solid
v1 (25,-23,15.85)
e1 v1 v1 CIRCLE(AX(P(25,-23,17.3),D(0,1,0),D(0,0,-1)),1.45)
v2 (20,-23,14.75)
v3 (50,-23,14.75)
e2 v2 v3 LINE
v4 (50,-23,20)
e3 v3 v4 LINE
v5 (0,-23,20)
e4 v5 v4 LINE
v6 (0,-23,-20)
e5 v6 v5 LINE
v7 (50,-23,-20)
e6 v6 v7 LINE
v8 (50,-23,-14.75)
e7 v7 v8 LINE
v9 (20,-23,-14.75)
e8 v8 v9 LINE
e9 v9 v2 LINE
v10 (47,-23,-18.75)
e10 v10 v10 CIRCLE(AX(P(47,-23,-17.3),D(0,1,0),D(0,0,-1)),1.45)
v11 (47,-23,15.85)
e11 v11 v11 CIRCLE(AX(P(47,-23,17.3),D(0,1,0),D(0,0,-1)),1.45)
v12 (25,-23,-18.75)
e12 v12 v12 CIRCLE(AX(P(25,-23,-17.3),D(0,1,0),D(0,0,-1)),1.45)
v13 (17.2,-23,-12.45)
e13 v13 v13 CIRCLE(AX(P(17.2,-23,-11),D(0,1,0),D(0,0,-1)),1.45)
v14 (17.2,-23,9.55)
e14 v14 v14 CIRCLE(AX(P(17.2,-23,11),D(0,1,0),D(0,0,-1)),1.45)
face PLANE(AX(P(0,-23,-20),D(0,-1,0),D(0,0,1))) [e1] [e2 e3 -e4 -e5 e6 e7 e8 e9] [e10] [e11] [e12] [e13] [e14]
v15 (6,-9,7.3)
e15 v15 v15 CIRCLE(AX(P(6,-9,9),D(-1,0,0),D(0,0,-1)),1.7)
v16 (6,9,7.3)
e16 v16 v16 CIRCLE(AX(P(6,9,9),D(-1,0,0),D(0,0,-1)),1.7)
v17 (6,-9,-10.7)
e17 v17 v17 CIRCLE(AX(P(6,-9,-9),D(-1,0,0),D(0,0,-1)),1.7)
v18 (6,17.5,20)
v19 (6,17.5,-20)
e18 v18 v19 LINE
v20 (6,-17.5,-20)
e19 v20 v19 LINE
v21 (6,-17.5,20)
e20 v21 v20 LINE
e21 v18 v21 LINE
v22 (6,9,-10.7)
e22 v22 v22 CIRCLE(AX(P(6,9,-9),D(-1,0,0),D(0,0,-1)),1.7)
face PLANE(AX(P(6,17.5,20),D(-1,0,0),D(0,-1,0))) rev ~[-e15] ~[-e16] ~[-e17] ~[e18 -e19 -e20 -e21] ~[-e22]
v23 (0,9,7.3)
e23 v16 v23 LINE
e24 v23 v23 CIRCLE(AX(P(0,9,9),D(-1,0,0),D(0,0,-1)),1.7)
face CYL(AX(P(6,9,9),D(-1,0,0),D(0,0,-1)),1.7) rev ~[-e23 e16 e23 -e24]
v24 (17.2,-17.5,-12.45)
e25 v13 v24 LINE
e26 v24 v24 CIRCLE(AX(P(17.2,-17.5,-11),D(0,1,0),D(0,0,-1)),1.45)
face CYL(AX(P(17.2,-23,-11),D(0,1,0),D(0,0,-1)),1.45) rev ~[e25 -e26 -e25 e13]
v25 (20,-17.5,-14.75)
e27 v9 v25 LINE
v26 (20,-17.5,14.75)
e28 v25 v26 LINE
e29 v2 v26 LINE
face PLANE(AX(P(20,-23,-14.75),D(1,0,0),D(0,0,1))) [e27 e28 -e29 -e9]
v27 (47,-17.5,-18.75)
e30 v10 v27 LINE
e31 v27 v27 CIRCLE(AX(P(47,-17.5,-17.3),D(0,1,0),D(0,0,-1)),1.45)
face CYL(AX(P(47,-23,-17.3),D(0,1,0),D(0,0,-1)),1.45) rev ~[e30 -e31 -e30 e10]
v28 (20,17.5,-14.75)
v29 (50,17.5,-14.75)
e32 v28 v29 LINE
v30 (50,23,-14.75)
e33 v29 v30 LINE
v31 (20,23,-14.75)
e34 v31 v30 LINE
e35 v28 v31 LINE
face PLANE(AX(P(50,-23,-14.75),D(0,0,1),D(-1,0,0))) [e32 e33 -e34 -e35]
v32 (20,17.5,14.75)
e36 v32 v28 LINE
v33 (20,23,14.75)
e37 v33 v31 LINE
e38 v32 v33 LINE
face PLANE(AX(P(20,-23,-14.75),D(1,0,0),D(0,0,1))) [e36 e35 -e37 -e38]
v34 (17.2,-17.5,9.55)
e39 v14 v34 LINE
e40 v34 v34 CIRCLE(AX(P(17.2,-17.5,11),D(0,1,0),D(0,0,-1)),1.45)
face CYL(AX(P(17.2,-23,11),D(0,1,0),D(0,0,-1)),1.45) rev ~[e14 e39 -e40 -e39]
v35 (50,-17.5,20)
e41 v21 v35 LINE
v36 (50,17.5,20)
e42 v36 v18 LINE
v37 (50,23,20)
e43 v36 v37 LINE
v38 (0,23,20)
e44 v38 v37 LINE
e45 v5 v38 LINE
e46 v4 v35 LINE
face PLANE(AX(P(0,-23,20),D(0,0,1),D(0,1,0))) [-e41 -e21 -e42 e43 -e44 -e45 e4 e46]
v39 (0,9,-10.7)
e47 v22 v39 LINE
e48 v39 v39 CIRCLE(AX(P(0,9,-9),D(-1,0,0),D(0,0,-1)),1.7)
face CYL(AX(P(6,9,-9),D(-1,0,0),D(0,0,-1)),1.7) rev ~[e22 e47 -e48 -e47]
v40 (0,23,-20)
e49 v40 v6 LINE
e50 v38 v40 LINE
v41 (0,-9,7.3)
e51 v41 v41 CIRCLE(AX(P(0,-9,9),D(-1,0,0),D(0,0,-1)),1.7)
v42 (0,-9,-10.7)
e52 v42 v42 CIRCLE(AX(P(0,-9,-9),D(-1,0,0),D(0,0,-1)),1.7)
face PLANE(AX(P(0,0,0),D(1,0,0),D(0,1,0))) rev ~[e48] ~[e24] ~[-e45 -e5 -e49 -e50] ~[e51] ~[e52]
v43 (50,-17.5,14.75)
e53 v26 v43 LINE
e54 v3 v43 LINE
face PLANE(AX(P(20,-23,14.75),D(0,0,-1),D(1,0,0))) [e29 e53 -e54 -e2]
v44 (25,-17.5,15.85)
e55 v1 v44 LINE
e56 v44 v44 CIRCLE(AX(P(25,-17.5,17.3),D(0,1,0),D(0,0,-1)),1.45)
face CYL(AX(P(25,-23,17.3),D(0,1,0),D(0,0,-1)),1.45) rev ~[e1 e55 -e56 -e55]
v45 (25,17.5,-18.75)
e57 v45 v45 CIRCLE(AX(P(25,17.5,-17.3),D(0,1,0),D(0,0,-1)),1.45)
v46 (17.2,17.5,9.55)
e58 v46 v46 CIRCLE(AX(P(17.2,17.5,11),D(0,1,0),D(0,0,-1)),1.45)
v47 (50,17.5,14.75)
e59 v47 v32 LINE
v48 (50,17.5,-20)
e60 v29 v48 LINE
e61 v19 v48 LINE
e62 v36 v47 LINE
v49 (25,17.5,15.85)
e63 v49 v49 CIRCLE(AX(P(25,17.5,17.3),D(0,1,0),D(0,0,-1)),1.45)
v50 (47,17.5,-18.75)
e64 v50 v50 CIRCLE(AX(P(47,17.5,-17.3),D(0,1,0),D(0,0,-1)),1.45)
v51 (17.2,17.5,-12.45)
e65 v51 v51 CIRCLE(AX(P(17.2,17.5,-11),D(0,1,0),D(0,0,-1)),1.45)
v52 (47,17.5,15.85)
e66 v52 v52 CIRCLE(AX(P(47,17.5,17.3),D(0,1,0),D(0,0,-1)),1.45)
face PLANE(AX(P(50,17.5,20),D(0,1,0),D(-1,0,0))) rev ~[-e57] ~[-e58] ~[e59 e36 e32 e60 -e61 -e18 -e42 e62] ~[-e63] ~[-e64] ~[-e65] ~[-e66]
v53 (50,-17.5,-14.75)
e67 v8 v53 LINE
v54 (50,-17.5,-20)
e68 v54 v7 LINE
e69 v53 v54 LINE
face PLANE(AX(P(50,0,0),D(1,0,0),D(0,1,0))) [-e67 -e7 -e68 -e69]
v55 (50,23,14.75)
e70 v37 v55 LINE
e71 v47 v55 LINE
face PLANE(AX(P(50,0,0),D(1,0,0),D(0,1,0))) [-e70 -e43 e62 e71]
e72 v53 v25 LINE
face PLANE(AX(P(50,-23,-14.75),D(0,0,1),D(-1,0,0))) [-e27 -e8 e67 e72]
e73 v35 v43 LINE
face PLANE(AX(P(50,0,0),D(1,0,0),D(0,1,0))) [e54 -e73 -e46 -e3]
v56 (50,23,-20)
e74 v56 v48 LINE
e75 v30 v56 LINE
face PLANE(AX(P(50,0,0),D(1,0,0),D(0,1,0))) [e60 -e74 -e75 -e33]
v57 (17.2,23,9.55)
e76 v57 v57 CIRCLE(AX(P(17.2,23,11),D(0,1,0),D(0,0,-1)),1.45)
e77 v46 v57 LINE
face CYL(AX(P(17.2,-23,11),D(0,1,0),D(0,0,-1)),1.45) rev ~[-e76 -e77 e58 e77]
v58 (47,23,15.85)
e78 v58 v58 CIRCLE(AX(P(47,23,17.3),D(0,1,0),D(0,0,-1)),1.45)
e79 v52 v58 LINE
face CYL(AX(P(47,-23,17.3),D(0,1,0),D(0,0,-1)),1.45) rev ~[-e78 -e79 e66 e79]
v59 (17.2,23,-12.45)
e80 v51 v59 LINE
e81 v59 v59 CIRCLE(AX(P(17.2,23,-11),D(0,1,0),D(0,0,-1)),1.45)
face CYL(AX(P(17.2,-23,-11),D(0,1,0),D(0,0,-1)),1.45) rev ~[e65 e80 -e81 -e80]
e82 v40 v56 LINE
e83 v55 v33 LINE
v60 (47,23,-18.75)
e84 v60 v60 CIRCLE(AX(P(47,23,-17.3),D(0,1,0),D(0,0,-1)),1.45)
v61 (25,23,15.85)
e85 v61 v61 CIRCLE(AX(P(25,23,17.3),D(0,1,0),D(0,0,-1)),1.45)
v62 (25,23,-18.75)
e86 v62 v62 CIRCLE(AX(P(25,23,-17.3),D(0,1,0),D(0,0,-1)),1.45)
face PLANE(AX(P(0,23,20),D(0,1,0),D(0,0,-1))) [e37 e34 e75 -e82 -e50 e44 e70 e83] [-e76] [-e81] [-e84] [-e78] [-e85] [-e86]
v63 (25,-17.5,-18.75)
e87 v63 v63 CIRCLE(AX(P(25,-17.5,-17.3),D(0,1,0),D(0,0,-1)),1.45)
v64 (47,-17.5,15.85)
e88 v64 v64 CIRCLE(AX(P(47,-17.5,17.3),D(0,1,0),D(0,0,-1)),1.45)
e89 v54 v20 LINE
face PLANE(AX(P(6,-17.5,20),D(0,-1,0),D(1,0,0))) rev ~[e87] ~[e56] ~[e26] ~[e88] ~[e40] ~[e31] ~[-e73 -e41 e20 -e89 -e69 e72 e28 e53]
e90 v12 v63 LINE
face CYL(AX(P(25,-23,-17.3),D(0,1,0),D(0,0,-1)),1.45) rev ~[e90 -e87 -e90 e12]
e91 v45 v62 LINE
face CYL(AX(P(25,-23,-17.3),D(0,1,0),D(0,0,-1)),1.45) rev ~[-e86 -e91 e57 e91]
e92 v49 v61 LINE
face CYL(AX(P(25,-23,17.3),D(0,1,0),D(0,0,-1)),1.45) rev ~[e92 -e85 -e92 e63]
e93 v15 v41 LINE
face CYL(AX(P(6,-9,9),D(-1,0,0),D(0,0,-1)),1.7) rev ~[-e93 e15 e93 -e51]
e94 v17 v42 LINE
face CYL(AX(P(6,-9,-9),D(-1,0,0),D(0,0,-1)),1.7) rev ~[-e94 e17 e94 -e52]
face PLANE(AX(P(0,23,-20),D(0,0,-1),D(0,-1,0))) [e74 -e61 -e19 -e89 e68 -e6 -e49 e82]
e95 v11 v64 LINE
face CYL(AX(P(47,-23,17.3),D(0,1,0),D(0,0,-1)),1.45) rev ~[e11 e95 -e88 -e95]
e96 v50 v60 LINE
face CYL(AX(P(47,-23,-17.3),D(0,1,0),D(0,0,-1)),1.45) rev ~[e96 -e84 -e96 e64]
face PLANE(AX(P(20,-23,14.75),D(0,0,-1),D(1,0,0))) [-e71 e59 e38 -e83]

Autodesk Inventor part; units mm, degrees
ref_plane "YZ Plane" through (0, 0, 0) normal (1, 0, 0) x (0, 1, 0)
ref_plane "XZ Plane" through (0, 0, 0) normal (0, 1, 0) x (-1, 0, 0)
ref_plane "XY Plane" through (0, 0, 0) normal (0, 0, 1) x (1, 0, 0)
sketch "Skizze1" plane through (0, 0, 0) normal (1, 0, 0) x (0, 1, 0)
  line L0 (-23, 20) -> (23, 20)
  line L1 (23, 20) -> (23, -20)
  line L2 (23, -20) -> (-23, -20)
  line L3 (-23, -20) -> (-23, 20)
  line L4 (-23, 20) -> (23, -20) construction
  line L5 (23, 20) -> (-23, -20) construction
  point P0 (0, 0)
  dimension "d0" = 46
  dimension "d1" = 40
extrude "Extrusion1" add sketch "Skizze1" along normal blind 50
sketch "Skizze2" plane through (0, -23, 20) normal (0, 0, 1) x (1, 0, 0)
  line L0 (0, 0) -> (0, 46) projected
  line L1 (0, 0) -> (50, 0) projected
  line L2 (50, 46) -> (50, 0) projected
  line L3 (0, 46) -> (50, 46) projected
  line L4 (50, 46) -> (50, 0) projected
  line L5 (50, 40.5) -> (6, 40.5)
  line L6 (6, 40.5) -> (6, 5.5)
  line L7 (6, 5.5) -> (50, 5.5)
  line L8 (50, 5.5) -> (50, 40.5)
  point P0 (0, 23)
  dimension "d4" = 5.5
  dimension "d5" = 5.5
  dimension "d6" = 6
extrude "Extrusion2" cut sketch "Skizze2" against normal through all contours L7 L6 L5 L2
sketch "Skizze3" plane through (0, -23, -20) normal (0, -1, 0) x (1, 0, 0)
  line L0 (0, 0) -> (0, 40) projected
  line L1 (0, 0) -> (50, 0) projected
  line L2 (50, 40) -> (50, 0) projected
  line L3 (0, 40) -> (50, 40) projected
  line L4 (0, 20) -> (44.7617, 20) construction
  line L5 (20, 34.75) -> (50, 34.75)
  line L6 (50, 34.75) -> (50, 5.25)
  line L7 (50, 5.25) -> (20, 5.25)
  line L8 (20, 5.25) -> (20, 34.75)
  line L9 (20, 34.75) -> (50, 5.25) construction
  line L10 (50, 34.75) -> (20, 5.25) construction
  point P0 (35, 20)
  dimension "d9" = 29.5
  dimension "d10" = 30
extrude "Extrusion3" cut sketch "Skizze3" against normal through all contours L7 L8 L5 L2
sketch "Skizze4" plane through (0, -23, -20) normal (0, -1, 0) x (1, 0, 0)
  line L0 (50, 5.25) -> (20, 5.25) projected
  line L1 (20, 5.25) -> (20, 34.75) projected
  line L2 (20, 34.75) -> (50, 34.75) projected
  line L3 (50, 40) -> (50, 34.75) projected
  line L4 (0, 40) -> (50, 40) projected
  line L5 (0, 0) -> (0, 40) projected
  line L6 (0, 0) -> (50, 0) projected
  line L7 (50, 5.25) -> (50, 0) projected
  line L8 (0, 20) -> (84.4351, 20) construction
  point P0 (25, 37.3)
  point P1 (25, 2.7)
  point P2 (17.2, 31)
  point P3 (17.2, 9)
  point P4 (47, 37.3)
  point P5 (47, 2.7)
  dimension "d13" = 5
  dimension "d14" = 5
  dimension "d15" = 34.6
  dimension "d16" = 17.3
  dimension "d17" = 22
  dimension "d18" = 11
  dimension "d19" = 2.8
  dimension "d20" = 2.8
  dimension "d47" = 17.3
  dimension "d48" = 17.3
  dimension "d49" = 22
  dimension "d50" = 22
hole "Bohrung1" at (25, -23, 17.3) at (25, -23, -17.3) at (17.2, -23, 11) at (17.2, -23, -11) at (47, -23, 17.3) at (47, -23, -17.3) direction (0, 1, 0) diameter 2.9 end through all clearance for "Inbusschraube ISO 4762" size "M2.5" standard "ISO"
sketch "Skizze7" plane through (6, -17.5, 20) normal (1, 0, 0) x (0, 0, -1)
  line L0 (29, 8.5) -> (11, 8.5)
  line L1 (11, 8.5) -> (11, 26.5)
  line L2 (11, 26.5) -> (29, 26.5)
  line L3 (29, 26.5) -> (29, 8.5)
  line L4 (29, 8.5) -> (11, 26.5) construction
  line L5 (11, 8.5) -> (29, 26.5) construction
  point P0 (20, 17.5)
  dimension "d52" = 18
  dimension "d53" = 18
hole "Bohrung3" at (6, -9, 9) at (6, 9, 9) at (6, 9, -9) at (6, -9, -9) direction (-1, 0, 0) diameter 3.4 end through all clearance for "Inbusschraube ISO 4762" size "M3" standard "ISO"
equation "\"d5\" = d4"
equation "\"d13\" = d14"
equation "\"d16\" = 0.5 * d15"
equation "\"d18\" = 0.5 * d17"
equation "\"d20\" = d19"
equation "\"d47\" = d16"
equation "\"d48\" = d16"
equation "\"d50\" = d49"
equation "\"d53\" = d52"
properties part number "connection_hand" material "Aluminium 6061"
